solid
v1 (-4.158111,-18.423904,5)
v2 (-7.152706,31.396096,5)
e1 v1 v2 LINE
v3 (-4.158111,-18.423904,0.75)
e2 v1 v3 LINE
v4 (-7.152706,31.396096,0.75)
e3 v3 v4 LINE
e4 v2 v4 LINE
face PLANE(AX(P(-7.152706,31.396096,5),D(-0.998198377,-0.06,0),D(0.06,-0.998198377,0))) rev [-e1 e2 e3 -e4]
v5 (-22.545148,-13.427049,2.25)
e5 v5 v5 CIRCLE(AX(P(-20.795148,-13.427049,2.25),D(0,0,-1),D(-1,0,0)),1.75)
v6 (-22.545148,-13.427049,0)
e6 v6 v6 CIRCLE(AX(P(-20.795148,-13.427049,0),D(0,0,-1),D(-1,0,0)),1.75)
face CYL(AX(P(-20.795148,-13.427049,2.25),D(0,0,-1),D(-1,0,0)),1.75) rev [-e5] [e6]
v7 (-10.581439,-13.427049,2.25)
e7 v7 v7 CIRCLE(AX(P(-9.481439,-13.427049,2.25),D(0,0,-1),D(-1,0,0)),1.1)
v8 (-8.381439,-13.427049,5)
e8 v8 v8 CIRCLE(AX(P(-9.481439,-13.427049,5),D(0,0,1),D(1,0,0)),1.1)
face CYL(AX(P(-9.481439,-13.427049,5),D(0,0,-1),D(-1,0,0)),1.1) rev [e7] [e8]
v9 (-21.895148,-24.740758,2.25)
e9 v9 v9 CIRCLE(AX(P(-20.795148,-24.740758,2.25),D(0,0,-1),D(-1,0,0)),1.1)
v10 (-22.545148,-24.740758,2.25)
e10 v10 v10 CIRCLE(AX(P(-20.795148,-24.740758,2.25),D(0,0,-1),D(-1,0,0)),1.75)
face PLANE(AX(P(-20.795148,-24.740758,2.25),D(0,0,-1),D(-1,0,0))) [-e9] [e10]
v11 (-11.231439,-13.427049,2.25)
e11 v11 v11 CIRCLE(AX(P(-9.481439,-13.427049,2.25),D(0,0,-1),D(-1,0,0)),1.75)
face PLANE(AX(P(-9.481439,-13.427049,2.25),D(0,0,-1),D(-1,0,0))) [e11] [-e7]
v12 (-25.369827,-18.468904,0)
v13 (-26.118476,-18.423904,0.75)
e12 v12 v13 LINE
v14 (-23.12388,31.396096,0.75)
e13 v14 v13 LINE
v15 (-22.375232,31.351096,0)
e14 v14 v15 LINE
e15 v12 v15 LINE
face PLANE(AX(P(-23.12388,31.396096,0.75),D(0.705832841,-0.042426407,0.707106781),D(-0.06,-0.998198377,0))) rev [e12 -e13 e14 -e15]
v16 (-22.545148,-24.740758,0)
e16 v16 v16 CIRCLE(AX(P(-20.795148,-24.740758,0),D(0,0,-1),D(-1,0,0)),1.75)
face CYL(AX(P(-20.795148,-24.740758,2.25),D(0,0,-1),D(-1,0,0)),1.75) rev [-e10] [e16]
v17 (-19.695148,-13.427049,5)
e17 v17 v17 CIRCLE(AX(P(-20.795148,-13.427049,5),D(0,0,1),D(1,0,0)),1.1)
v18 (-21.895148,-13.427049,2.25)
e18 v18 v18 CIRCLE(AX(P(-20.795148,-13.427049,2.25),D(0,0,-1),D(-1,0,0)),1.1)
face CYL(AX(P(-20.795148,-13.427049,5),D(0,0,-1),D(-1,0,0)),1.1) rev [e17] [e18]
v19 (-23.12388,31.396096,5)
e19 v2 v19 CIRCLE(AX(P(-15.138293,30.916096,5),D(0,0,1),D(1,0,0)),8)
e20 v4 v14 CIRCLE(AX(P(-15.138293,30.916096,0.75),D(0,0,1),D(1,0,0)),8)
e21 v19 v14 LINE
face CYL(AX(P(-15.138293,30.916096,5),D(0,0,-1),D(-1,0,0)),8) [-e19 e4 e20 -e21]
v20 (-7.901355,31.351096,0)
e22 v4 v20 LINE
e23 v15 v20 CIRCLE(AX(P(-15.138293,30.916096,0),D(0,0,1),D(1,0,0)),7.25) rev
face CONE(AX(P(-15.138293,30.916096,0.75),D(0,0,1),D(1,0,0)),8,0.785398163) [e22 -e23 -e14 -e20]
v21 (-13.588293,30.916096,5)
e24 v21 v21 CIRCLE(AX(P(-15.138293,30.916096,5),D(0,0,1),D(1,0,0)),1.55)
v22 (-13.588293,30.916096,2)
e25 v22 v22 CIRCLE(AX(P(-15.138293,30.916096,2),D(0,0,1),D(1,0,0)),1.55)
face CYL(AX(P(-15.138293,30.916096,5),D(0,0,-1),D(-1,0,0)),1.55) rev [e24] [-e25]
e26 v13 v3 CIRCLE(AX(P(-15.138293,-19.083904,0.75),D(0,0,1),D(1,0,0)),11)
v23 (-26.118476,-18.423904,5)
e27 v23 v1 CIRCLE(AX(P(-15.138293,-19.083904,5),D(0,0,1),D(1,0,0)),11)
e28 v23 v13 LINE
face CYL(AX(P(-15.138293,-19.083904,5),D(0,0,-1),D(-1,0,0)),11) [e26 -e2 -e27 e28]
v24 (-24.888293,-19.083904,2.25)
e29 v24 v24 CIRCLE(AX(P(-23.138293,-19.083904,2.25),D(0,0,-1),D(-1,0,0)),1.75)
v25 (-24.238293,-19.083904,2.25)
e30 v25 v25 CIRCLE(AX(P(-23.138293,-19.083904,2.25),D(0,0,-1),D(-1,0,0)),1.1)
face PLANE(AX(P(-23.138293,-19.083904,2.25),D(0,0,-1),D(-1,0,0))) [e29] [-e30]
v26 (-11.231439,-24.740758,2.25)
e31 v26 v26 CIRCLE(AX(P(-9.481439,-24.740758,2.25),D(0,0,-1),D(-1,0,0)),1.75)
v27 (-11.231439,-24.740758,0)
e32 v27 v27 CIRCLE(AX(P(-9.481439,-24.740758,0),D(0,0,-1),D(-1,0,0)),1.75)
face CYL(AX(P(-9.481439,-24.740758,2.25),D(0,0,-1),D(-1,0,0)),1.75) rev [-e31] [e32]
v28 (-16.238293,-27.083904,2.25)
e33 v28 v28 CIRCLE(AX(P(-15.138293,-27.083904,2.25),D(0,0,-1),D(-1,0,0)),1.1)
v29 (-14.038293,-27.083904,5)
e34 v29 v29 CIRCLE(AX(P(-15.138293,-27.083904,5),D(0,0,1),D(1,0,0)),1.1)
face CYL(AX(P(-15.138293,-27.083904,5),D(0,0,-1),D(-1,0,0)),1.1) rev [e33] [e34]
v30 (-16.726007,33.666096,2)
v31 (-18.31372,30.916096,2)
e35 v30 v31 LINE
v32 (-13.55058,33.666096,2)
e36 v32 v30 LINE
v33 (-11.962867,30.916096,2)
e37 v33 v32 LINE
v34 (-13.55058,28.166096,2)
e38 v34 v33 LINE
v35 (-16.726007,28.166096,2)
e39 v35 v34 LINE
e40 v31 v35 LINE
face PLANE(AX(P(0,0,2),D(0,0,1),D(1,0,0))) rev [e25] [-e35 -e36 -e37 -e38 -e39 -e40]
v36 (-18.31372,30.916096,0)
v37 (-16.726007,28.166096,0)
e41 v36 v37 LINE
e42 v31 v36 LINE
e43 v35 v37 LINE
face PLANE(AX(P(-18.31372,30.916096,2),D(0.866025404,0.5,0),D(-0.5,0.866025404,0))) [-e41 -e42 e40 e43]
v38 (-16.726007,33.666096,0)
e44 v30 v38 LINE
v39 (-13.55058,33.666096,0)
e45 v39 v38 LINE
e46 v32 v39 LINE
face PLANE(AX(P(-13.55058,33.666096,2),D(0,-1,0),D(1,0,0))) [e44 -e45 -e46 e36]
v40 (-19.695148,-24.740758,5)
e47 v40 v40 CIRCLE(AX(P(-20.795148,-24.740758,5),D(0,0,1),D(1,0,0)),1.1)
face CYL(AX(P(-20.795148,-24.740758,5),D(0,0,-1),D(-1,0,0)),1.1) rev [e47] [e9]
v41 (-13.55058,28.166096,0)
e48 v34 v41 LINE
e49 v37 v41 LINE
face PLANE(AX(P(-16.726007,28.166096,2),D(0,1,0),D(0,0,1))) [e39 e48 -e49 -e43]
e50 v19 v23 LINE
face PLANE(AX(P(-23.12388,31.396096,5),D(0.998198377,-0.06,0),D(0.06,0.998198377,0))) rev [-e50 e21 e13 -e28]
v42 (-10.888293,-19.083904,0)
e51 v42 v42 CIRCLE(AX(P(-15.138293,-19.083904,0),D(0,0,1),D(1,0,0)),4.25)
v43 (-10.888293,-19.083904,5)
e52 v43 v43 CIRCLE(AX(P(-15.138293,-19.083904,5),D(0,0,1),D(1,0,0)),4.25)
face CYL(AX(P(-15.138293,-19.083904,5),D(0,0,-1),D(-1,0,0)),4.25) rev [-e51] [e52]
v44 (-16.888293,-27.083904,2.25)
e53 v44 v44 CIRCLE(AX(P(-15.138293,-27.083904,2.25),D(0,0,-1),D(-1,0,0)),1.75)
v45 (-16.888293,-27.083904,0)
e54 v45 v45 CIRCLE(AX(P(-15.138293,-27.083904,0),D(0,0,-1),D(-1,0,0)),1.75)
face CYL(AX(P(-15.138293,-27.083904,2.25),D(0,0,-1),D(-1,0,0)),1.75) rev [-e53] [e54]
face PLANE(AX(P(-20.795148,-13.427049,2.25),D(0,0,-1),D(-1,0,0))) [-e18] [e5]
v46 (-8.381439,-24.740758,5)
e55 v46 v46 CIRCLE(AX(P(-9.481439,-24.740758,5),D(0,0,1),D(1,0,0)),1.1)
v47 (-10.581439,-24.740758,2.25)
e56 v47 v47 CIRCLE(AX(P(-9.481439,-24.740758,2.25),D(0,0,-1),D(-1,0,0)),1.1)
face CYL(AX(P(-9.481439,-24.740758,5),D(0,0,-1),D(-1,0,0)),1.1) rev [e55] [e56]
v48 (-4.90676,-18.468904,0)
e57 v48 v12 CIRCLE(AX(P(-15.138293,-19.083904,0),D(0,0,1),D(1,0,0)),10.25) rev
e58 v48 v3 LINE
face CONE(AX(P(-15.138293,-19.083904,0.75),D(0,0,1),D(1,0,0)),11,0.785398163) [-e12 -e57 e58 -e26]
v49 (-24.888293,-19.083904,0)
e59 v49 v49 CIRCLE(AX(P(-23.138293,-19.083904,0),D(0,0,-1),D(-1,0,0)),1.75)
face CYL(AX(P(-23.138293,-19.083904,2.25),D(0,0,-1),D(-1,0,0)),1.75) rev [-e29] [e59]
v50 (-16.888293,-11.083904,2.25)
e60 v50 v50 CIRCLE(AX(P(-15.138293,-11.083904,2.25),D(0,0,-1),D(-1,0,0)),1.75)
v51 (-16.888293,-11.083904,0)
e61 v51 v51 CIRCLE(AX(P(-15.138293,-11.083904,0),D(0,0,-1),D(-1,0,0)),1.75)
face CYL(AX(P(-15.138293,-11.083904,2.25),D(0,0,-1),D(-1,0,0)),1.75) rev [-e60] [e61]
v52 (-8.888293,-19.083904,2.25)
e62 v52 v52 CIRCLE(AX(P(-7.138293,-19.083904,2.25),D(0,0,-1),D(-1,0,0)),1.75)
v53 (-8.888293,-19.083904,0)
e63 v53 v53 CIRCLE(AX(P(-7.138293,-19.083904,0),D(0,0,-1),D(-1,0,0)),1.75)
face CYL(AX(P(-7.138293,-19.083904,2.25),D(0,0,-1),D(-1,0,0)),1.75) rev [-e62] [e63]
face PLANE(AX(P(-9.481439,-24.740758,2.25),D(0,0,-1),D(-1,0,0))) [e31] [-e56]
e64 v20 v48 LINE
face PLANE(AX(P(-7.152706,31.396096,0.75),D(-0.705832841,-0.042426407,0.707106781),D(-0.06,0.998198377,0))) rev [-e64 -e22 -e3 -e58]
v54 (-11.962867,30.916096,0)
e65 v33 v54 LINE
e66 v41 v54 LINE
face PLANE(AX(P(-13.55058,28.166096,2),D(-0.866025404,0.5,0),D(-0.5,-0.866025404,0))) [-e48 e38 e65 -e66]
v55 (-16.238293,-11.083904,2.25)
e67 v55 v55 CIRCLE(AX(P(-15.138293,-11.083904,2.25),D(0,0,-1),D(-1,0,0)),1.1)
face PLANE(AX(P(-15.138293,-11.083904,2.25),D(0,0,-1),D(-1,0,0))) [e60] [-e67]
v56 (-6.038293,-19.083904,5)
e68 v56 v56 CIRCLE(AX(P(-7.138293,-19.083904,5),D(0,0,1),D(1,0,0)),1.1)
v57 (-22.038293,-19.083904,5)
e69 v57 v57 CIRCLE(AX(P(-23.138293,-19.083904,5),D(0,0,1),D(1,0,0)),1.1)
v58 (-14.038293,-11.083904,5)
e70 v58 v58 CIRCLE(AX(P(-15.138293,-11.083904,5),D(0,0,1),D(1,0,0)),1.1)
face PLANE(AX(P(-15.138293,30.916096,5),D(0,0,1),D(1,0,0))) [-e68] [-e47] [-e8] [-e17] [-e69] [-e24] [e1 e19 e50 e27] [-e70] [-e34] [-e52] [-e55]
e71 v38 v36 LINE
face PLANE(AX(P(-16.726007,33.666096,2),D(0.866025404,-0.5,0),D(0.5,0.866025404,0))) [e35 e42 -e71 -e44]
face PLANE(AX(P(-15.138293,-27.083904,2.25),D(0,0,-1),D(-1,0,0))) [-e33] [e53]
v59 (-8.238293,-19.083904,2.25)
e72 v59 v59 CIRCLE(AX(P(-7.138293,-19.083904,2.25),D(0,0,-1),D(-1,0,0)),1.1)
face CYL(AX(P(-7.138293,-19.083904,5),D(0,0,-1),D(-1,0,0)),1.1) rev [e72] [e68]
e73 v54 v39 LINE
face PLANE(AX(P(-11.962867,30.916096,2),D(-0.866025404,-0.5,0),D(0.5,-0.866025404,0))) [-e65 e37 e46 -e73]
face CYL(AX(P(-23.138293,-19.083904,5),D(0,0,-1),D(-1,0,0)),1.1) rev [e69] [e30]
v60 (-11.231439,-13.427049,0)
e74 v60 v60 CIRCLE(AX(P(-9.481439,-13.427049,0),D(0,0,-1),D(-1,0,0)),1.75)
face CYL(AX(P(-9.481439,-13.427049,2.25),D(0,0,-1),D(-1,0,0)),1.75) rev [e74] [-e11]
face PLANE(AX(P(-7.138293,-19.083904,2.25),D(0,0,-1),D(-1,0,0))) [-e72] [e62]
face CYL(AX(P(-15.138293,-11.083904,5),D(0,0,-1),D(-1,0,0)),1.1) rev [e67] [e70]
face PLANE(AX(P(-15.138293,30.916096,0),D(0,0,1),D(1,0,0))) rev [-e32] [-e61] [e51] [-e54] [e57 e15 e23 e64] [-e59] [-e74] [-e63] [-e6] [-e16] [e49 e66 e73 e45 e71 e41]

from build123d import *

# Parameters (mm, degrees)
SKETCH1_R           = 1.55
SKETCH1_R_2         = 4.25
SKETCH1_R_3         = 1.1
BOSS_EXTRUDE1_DEPTH = 5
CUT_EXTRUDE2_DEPTH  = 2
SKETCH4_R           = 1.75
CUT_EXTRUDE3_DEPTH  = 2.25
CHAFL_N1_SIZE       = 0.75


with BuildPart() as part:
    # Sketch1 → Boss-Extrude1 (new body)
    with BuildSketch(Plane.XY):
        with BuildLine():
            Line((-23.123880441, 31.396096398), (-26.118475572, -18.423903602))
            ThreePointArc((-26.118475572, -18.423903602), (-15.138293424, -30.083903602), (-4.158111277, -18.423903602))
            Line((-4.158111277, -18.423903602), (-7.152706408, 31.396096398))
            ThreePointArc((-7.152706408, 31.396096398), (-15.138293424, 38.916096398), (-23.123880441, 31.396096398))
        make_face()
        with Locations((-15.138293424, 30.916096398)):
            Circle(SKETCH1_R, mode=Mode.SUBTRACT)
        with Locations((-15.138293424, -19.083903602)):
            Circle(SKETCH1_R_2, mode=Mode.SUBTRACT)
        with Locations((-7.138293424, -19.083903602)):
            Circle(SKETCH1_R_3, mode=Mode.SUBTRACT)
        with Locations((-9.481439175, -24.740757851)):
            Circle(SKETCH1_R_3, mode=Mode.SUBTRACT)
        with Locations((-15.138293424, -27.083903602)):
            Circle(SKETCH1_R_3, mode=Mode.SUBTRACT)
        with Locations((-20.795147674, -24.740757851)):
            Circle(SKETCH1_R_3, mode=Mode.SUBTRACT)
        with Locations((-23.138293424, -19.083903602)):
            Circle(SKETCH1_R_3, mode=Mode.SUBTRACT)
        with Locations((-20.795147674, -13.427049352)):
            Circle(SKETCH1_R_3, mode=Mode.SUBTRACT)
        with Locations((-15.138293424, -11.083903602)):
            Circle(SKETCH1_R_3, mode=Mode.SUBTRACT)
        with Locations((-9.481439175, -13.427049352)):
            Circle(SKETCH1_R_3, mode=Mode.SUBTRACT)
    extrude(amount=BOSS_EXTRUDE1_DEPTH)

    # Sketch3 → Cut-Extrude2 (cut)
    with BuildSketch(Plane.XY):
        Polygon((-13.550580184, 28.166096398), (-11.962866944, 30.916096398), (-13.550580184, 33.666096398), (-16.726006665, 33.666096398), (-18.313719905, 30.916096398), (-16.726006665, 28.166096398), align=None)
    extrude(amount=CUT_EXTRUDE2_DEPTH, mode=Mode.SUBTRACT)

    # Sketch4 → Cut-Extrude3 (cut)
    with BuildSketch(Plane(origin=(0, 0, 0), x_dir=(-1, 0, 0), z_dir=(0, 0, -1))):
        with Locations((23.138293424, -19.083903602)):
            Circle(SKETCH4_R)
        with Locations((20.795147674, -24.740757851)):
            Circle(SKETCH4_R)
        with Locations((15.138293424, -27.083903602)):
            Circle(SKETCH4_R)
        with Locations((9.481439175, -24.740757851)):
            Circle(SKETCH4_R)
        with Locations((7.138293424, -19.083903602)):
            Circle(SKETCH4_R)
        with Locations((9.481439175, -13.427049352)):
            Circle(SKETCH4_R)
        with Locations((15.138293424, -11.083903602)):
            Circle(SKETCH4_R)
        with Locations((20.795147674, -13.427049352)):
            Circle(SKETCH4_R)
    extrude(amount=-CUT_EXTRUDE3_DEPTH, mode=Mode.SUBTRACT)

    # Chaflán1
    chafl_n1_edges = [part.edges().sort_by_distance(p)[0] for p in [
        (-5.655408842, 6.486096398, 0),
        (-15.138293424, -30.083903602, 0),
        (-24.621178007, 6.486096398, 0),
        (-15.138293424, 38.916096398, 0),
    ]]
    chamfer(chafl_n1_edges, length=CHAFL_N1_SIZE)


solid = part.part
